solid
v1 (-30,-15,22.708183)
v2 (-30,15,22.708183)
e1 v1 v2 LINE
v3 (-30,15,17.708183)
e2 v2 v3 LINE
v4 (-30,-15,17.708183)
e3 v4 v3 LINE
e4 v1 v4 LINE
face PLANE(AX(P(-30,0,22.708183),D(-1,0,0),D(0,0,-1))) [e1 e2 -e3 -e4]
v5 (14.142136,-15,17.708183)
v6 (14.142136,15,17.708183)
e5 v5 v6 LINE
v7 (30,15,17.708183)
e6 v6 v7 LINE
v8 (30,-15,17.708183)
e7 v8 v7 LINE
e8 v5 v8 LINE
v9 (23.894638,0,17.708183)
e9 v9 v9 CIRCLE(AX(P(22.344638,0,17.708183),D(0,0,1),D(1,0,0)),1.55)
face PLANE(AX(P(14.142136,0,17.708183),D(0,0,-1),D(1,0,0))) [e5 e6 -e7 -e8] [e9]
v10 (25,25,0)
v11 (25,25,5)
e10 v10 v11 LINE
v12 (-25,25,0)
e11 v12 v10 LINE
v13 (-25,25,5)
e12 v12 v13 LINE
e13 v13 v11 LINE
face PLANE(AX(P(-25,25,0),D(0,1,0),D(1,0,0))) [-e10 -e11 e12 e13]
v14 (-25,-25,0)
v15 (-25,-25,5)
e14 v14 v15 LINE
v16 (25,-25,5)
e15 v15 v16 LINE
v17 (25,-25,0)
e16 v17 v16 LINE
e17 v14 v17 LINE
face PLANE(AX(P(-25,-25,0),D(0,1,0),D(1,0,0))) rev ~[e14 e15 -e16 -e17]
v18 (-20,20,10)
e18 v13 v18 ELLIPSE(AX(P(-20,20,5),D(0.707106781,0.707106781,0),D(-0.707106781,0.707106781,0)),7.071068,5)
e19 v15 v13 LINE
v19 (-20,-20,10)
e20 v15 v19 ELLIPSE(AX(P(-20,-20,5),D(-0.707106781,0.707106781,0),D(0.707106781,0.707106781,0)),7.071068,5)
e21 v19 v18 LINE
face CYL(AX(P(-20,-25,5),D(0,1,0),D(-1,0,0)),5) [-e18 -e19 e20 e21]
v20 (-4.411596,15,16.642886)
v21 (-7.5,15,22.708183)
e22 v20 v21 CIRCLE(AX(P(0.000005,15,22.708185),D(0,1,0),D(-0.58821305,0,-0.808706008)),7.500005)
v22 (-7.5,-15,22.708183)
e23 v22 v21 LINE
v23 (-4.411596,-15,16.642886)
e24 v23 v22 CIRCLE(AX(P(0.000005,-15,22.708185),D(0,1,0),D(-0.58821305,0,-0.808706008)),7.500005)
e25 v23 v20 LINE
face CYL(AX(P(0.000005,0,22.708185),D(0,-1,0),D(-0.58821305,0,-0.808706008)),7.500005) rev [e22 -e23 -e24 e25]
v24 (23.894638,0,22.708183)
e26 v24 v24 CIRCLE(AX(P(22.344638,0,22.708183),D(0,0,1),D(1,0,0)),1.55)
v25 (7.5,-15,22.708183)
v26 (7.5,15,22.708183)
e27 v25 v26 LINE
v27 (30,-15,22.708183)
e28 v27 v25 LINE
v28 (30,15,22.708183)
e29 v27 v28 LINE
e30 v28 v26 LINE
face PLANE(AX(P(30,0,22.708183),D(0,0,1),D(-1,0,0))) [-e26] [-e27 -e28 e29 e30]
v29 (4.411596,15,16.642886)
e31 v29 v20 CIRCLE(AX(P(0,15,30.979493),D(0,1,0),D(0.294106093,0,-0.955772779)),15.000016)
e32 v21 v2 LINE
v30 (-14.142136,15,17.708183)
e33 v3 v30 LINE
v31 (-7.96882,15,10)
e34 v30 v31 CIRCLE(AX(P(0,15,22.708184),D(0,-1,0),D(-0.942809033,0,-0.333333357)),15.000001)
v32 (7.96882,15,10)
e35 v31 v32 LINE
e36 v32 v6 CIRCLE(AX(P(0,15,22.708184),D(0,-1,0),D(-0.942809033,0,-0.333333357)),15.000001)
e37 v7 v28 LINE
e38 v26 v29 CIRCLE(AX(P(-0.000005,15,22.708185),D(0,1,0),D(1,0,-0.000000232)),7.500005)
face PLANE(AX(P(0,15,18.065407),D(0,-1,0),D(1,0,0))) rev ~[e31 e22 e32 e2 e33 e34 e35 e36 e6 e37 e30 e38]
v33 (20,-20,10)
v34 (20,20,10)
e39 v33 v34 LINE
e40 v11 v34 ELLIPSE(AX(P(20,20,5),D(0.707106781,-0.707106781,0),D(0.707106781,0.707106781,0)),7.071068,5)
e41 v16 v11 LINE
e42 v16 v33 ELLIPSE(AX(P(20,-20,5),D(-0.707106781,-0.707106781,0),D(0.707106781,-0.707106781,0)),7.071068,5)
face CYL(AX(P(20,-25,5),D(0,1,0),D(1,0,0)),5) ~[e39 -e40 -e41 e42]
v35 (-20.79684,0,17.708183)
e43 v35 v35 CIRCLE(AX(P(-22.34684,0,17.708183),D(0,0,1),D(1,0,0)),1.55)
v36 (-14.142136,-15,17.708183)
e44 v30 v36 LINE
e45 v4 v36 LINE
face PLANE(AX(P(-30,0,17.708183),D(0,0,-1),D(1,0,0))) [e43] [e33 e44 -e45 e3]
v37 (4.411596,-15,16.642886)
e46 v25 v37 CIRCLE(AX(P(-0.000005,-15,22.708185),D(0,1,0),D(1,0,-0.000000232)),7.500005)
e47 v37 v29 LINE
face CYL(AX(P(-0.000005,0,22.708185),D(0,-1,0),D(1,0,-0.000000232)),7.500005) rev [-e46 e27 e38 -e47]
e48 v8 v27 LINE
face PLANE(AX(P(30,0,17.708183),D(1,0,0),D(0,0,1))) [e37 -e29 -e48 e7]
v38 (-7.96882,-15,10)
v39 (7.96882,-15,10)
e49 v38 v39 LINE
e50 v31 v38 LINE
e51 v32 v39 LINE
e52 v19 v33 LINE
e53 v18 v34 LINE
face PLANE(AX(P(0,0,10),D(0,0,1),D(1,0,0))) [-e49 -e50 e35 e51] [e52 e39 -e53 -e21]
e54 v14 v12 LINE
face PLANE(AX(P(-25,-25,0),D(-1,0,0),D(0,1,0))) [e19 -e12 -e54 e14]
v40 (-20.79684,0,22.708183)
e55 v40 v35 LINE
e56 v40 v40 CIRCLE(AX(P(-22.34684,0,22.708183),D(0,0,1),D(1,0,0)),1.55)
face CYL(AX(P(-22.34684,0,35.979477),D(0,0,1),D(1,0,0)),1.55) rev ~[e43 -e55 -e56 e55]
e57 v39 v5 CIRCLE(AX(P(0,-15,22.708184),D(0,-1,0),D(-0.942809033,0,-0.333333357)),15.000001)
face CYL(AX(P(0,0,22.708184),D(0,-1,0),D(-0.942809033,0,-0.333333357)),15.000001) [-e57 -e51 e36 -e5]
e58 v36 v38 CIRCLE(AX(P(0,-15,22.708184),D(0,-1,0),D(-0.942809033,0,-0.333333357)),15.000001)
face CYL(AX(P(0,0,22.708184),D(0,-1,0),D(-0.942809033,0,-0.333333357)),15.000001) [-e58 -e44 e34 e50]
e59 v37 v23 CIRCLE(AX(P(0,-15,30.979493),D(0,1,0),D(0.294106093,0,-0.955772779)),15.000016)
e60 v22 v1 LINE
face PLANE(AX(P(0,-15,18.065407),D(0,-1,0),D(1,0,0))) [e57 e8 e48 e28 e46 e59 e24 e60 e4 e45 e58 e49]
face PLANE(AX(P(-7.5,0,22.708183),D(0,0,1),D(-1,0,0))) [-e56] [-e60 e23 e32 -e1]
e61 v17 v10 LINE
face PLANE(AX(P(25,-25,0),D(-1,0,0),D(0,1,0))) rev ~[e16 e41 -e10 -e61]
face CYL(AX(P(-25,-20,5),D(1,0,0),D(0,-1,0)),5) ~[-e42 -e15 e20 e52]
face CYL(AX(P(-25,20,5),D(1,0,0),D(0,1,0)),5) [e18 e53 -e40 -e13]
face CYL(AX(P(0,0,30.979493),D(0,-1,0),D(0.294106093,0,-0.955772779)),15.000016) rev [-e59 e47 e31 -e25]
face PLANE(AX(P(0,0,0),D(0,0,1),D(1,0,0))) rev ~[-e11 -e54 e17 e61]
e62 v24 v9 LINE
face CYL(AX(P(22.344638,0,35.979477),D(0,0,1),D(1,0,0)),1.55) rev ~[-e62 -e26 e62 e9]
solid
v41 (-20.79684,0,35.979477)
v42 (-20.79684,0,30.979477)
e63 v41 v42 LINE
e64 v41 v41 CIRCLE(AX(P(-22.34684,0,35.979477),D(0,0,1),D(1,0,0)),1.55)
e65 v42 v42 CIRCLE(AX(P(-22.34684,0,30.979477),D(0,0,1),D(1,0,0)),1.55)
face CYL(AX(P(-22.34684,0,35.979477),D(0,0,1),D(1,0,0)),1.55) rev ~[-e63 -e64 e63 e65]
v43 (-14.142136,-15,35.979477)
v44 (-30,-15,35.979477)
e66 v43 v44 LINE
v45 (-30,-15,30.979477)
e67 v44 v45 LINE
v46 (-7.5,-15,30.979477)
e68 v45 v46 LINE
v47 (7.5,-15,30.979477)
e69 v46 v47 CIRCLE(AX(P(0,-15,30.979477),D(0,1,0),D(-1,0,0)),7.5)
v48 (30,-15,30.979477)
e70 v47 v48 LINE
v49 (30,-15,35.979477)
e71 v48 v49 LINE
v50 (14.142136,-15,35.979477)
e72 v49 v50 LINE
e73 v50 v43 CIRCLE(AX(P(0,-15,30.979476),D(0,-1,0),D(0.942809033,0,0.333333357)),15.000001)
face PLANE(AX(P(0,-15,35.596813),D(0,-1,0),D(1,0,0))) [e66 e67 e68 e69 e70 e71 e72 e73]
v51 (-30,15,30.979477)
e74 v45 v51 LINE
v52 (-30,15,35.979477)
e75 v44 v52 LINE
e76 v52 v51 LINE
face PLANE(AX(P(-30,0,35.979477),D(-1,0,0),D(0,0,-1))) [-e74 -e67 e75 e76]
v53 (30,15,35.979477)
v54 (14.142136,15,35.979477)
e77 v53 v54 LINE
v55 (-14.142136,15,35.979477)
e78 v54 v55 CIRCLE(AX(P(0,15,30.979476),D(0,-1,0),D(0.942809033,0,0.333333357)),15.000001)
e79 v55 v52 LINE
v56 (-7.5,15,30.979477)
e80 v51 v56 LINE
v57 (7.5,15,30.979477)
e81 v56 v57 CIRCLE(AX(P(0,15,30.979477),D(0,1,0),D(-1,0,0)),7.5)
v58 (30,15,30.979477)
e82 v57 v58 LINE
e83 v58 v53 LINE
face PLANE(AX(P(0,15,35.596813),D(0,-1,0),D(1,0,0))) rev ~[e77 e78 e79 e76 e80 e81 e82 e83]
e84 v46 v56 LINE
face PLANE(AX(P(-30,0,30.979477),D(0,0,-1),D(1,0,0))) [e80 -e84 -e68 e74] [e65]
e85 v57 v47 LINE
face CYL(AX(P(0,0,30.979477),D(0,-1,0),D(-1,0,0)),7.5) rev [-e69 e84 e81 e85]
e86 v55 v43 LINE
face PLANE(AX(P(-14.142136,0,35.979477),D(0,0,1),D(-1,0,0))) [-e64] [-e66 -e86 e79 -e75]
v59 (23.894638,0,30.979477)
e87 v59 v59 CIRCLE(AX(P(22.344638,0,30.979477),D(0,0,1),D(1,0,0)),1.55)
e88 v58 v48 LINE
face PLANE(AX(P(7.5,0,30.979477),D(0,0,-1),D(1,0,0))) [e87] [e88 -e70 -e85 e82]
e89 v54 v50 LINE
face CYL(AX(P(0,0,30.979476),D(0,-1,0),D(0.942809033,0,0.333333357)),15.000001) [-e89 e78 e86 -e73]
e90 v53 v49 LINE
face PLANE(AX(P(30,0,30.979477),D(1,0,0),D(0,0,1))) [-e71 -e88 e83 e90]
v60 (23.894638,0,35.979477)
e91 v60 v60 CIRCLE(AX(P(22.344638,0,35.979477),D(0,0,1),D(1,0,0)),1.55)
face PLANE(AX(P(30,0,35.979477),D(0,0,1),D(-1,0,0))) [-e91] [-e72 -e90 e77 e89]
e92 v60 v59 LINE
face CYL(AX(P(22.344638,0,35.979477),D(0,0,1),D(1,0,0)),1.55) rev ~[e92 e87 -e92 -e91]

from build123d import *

# Parameters (mm, degrees)
F0_W          = 50
F0_H          = 50
F1_DEPTH      = 10
F2_R          = 5
F4_DEPTH      = 15
F4_DEPTH_BACK = 15
F5_R          = 1.55
F6_DEPTH      = 25


with BuildPart() as f1:
    # F0 (on Top) → F1 (new body)
    with BuildSketch(Plane.XY):
        Rectangle(F0_W, F0_H)
    extrude(amount=F1_DEPTH)

    # F2
    f2_edges = [f1.edges().sort_by_distance(p)[0] for p in [
        (0, -25, 10),
        (-25, 0, 10),
        (25, 0, 10),
        (0, 25, 10),
    ]]
    fillet(f2_edges, radius=F2_R)

    # F3 (on Front) → F4 (join, two sides)
    with BuildSketch(Plane.XZ) as f4_sk:
        with BuildLine():
            ThreePointArc((-7.5, 30.979477), (0, 38.479477), (7.5, 30.979477))
            Line((7.5, 30.979477), (14.142136, 30.979477))
            Line((14.142136, 30.979477), (15, 30.979477))
            Line((15, 30.979477), (30, 30.979477))
            Line((30, 30.979477), (30, 35.979477))
            Line((30, 35.979477), (14.142136, 35.979477))
            ThreePointArc((14.142136, 35.979477), (0, 45.979477), (-14.142136, 35.979477))
            Line((-14.142136, 35.979477), (-30, 35.979477))
            Line((-30, 35.979477), (-30, 30.979477))
            Line((-30, 30.979477), (-15, 30.979477))
            Line((-15, 30.979477), (-14.142136, 30.979477))
            Line((-14.142136, 30.979477), (-7.5, 30.979477))
        make_face()
        with BuildLine():
            Line((-30, 17.708183), (-14.142136, 17.708183))
            ThreePointArc((-14.142136, 17.708183), (0, 7.708183), (14.142136, 17.708183))
            Line((14.142136, 17.708183), (30, 17.708183))
            Line((30, 17.708183), (30, 22.708183))
            Line((30, 22.708183), (15, 22.708183))
            Line((15, 22.708183), (14.142136, 22.708183))
            Line((14.142136, 22.708183), (7.5, 22.708183))
            ThreePointArc((7.5, 22.708183), (6.683448, 19.30502), (4.411596, 16.642886))
            ThreePointArc((4.411596, 16.642886), (0, 15.979477), (-4.411596, 16.642886))
            ThreePointArc((-4.411596, 16.642886), (-6.683448, 19.30502), (-7.5, 22.708183))
            Line((-7.5, 22.708183), (-14.142136, 22.708183))
            Line((-14.142136, 22.708183), (-15, 22.708183))
            Line((-15, 22.708183), (-30, 22.708183))
            Line((-30, 22.708183), (-30, 17.708183))
        make_face()
    extrude(amount=F4_DEPTH)
    extrude(f4_sk.sketch, amount=-F4_DEPTH_BACK)

    # F5 (on face) → F6 (cut)
    with BuildSketch(Plane.XY.offset(35.979477)):
        with Locations((-22.34684, 0)):
            Circle(F5_R)
        with Locations((22.344638, 0)):
            Circle(F5_R)
    extrude(amount=-F6_DEPTH, mode=Mode.SUBTRACT)


solid = f1.part
